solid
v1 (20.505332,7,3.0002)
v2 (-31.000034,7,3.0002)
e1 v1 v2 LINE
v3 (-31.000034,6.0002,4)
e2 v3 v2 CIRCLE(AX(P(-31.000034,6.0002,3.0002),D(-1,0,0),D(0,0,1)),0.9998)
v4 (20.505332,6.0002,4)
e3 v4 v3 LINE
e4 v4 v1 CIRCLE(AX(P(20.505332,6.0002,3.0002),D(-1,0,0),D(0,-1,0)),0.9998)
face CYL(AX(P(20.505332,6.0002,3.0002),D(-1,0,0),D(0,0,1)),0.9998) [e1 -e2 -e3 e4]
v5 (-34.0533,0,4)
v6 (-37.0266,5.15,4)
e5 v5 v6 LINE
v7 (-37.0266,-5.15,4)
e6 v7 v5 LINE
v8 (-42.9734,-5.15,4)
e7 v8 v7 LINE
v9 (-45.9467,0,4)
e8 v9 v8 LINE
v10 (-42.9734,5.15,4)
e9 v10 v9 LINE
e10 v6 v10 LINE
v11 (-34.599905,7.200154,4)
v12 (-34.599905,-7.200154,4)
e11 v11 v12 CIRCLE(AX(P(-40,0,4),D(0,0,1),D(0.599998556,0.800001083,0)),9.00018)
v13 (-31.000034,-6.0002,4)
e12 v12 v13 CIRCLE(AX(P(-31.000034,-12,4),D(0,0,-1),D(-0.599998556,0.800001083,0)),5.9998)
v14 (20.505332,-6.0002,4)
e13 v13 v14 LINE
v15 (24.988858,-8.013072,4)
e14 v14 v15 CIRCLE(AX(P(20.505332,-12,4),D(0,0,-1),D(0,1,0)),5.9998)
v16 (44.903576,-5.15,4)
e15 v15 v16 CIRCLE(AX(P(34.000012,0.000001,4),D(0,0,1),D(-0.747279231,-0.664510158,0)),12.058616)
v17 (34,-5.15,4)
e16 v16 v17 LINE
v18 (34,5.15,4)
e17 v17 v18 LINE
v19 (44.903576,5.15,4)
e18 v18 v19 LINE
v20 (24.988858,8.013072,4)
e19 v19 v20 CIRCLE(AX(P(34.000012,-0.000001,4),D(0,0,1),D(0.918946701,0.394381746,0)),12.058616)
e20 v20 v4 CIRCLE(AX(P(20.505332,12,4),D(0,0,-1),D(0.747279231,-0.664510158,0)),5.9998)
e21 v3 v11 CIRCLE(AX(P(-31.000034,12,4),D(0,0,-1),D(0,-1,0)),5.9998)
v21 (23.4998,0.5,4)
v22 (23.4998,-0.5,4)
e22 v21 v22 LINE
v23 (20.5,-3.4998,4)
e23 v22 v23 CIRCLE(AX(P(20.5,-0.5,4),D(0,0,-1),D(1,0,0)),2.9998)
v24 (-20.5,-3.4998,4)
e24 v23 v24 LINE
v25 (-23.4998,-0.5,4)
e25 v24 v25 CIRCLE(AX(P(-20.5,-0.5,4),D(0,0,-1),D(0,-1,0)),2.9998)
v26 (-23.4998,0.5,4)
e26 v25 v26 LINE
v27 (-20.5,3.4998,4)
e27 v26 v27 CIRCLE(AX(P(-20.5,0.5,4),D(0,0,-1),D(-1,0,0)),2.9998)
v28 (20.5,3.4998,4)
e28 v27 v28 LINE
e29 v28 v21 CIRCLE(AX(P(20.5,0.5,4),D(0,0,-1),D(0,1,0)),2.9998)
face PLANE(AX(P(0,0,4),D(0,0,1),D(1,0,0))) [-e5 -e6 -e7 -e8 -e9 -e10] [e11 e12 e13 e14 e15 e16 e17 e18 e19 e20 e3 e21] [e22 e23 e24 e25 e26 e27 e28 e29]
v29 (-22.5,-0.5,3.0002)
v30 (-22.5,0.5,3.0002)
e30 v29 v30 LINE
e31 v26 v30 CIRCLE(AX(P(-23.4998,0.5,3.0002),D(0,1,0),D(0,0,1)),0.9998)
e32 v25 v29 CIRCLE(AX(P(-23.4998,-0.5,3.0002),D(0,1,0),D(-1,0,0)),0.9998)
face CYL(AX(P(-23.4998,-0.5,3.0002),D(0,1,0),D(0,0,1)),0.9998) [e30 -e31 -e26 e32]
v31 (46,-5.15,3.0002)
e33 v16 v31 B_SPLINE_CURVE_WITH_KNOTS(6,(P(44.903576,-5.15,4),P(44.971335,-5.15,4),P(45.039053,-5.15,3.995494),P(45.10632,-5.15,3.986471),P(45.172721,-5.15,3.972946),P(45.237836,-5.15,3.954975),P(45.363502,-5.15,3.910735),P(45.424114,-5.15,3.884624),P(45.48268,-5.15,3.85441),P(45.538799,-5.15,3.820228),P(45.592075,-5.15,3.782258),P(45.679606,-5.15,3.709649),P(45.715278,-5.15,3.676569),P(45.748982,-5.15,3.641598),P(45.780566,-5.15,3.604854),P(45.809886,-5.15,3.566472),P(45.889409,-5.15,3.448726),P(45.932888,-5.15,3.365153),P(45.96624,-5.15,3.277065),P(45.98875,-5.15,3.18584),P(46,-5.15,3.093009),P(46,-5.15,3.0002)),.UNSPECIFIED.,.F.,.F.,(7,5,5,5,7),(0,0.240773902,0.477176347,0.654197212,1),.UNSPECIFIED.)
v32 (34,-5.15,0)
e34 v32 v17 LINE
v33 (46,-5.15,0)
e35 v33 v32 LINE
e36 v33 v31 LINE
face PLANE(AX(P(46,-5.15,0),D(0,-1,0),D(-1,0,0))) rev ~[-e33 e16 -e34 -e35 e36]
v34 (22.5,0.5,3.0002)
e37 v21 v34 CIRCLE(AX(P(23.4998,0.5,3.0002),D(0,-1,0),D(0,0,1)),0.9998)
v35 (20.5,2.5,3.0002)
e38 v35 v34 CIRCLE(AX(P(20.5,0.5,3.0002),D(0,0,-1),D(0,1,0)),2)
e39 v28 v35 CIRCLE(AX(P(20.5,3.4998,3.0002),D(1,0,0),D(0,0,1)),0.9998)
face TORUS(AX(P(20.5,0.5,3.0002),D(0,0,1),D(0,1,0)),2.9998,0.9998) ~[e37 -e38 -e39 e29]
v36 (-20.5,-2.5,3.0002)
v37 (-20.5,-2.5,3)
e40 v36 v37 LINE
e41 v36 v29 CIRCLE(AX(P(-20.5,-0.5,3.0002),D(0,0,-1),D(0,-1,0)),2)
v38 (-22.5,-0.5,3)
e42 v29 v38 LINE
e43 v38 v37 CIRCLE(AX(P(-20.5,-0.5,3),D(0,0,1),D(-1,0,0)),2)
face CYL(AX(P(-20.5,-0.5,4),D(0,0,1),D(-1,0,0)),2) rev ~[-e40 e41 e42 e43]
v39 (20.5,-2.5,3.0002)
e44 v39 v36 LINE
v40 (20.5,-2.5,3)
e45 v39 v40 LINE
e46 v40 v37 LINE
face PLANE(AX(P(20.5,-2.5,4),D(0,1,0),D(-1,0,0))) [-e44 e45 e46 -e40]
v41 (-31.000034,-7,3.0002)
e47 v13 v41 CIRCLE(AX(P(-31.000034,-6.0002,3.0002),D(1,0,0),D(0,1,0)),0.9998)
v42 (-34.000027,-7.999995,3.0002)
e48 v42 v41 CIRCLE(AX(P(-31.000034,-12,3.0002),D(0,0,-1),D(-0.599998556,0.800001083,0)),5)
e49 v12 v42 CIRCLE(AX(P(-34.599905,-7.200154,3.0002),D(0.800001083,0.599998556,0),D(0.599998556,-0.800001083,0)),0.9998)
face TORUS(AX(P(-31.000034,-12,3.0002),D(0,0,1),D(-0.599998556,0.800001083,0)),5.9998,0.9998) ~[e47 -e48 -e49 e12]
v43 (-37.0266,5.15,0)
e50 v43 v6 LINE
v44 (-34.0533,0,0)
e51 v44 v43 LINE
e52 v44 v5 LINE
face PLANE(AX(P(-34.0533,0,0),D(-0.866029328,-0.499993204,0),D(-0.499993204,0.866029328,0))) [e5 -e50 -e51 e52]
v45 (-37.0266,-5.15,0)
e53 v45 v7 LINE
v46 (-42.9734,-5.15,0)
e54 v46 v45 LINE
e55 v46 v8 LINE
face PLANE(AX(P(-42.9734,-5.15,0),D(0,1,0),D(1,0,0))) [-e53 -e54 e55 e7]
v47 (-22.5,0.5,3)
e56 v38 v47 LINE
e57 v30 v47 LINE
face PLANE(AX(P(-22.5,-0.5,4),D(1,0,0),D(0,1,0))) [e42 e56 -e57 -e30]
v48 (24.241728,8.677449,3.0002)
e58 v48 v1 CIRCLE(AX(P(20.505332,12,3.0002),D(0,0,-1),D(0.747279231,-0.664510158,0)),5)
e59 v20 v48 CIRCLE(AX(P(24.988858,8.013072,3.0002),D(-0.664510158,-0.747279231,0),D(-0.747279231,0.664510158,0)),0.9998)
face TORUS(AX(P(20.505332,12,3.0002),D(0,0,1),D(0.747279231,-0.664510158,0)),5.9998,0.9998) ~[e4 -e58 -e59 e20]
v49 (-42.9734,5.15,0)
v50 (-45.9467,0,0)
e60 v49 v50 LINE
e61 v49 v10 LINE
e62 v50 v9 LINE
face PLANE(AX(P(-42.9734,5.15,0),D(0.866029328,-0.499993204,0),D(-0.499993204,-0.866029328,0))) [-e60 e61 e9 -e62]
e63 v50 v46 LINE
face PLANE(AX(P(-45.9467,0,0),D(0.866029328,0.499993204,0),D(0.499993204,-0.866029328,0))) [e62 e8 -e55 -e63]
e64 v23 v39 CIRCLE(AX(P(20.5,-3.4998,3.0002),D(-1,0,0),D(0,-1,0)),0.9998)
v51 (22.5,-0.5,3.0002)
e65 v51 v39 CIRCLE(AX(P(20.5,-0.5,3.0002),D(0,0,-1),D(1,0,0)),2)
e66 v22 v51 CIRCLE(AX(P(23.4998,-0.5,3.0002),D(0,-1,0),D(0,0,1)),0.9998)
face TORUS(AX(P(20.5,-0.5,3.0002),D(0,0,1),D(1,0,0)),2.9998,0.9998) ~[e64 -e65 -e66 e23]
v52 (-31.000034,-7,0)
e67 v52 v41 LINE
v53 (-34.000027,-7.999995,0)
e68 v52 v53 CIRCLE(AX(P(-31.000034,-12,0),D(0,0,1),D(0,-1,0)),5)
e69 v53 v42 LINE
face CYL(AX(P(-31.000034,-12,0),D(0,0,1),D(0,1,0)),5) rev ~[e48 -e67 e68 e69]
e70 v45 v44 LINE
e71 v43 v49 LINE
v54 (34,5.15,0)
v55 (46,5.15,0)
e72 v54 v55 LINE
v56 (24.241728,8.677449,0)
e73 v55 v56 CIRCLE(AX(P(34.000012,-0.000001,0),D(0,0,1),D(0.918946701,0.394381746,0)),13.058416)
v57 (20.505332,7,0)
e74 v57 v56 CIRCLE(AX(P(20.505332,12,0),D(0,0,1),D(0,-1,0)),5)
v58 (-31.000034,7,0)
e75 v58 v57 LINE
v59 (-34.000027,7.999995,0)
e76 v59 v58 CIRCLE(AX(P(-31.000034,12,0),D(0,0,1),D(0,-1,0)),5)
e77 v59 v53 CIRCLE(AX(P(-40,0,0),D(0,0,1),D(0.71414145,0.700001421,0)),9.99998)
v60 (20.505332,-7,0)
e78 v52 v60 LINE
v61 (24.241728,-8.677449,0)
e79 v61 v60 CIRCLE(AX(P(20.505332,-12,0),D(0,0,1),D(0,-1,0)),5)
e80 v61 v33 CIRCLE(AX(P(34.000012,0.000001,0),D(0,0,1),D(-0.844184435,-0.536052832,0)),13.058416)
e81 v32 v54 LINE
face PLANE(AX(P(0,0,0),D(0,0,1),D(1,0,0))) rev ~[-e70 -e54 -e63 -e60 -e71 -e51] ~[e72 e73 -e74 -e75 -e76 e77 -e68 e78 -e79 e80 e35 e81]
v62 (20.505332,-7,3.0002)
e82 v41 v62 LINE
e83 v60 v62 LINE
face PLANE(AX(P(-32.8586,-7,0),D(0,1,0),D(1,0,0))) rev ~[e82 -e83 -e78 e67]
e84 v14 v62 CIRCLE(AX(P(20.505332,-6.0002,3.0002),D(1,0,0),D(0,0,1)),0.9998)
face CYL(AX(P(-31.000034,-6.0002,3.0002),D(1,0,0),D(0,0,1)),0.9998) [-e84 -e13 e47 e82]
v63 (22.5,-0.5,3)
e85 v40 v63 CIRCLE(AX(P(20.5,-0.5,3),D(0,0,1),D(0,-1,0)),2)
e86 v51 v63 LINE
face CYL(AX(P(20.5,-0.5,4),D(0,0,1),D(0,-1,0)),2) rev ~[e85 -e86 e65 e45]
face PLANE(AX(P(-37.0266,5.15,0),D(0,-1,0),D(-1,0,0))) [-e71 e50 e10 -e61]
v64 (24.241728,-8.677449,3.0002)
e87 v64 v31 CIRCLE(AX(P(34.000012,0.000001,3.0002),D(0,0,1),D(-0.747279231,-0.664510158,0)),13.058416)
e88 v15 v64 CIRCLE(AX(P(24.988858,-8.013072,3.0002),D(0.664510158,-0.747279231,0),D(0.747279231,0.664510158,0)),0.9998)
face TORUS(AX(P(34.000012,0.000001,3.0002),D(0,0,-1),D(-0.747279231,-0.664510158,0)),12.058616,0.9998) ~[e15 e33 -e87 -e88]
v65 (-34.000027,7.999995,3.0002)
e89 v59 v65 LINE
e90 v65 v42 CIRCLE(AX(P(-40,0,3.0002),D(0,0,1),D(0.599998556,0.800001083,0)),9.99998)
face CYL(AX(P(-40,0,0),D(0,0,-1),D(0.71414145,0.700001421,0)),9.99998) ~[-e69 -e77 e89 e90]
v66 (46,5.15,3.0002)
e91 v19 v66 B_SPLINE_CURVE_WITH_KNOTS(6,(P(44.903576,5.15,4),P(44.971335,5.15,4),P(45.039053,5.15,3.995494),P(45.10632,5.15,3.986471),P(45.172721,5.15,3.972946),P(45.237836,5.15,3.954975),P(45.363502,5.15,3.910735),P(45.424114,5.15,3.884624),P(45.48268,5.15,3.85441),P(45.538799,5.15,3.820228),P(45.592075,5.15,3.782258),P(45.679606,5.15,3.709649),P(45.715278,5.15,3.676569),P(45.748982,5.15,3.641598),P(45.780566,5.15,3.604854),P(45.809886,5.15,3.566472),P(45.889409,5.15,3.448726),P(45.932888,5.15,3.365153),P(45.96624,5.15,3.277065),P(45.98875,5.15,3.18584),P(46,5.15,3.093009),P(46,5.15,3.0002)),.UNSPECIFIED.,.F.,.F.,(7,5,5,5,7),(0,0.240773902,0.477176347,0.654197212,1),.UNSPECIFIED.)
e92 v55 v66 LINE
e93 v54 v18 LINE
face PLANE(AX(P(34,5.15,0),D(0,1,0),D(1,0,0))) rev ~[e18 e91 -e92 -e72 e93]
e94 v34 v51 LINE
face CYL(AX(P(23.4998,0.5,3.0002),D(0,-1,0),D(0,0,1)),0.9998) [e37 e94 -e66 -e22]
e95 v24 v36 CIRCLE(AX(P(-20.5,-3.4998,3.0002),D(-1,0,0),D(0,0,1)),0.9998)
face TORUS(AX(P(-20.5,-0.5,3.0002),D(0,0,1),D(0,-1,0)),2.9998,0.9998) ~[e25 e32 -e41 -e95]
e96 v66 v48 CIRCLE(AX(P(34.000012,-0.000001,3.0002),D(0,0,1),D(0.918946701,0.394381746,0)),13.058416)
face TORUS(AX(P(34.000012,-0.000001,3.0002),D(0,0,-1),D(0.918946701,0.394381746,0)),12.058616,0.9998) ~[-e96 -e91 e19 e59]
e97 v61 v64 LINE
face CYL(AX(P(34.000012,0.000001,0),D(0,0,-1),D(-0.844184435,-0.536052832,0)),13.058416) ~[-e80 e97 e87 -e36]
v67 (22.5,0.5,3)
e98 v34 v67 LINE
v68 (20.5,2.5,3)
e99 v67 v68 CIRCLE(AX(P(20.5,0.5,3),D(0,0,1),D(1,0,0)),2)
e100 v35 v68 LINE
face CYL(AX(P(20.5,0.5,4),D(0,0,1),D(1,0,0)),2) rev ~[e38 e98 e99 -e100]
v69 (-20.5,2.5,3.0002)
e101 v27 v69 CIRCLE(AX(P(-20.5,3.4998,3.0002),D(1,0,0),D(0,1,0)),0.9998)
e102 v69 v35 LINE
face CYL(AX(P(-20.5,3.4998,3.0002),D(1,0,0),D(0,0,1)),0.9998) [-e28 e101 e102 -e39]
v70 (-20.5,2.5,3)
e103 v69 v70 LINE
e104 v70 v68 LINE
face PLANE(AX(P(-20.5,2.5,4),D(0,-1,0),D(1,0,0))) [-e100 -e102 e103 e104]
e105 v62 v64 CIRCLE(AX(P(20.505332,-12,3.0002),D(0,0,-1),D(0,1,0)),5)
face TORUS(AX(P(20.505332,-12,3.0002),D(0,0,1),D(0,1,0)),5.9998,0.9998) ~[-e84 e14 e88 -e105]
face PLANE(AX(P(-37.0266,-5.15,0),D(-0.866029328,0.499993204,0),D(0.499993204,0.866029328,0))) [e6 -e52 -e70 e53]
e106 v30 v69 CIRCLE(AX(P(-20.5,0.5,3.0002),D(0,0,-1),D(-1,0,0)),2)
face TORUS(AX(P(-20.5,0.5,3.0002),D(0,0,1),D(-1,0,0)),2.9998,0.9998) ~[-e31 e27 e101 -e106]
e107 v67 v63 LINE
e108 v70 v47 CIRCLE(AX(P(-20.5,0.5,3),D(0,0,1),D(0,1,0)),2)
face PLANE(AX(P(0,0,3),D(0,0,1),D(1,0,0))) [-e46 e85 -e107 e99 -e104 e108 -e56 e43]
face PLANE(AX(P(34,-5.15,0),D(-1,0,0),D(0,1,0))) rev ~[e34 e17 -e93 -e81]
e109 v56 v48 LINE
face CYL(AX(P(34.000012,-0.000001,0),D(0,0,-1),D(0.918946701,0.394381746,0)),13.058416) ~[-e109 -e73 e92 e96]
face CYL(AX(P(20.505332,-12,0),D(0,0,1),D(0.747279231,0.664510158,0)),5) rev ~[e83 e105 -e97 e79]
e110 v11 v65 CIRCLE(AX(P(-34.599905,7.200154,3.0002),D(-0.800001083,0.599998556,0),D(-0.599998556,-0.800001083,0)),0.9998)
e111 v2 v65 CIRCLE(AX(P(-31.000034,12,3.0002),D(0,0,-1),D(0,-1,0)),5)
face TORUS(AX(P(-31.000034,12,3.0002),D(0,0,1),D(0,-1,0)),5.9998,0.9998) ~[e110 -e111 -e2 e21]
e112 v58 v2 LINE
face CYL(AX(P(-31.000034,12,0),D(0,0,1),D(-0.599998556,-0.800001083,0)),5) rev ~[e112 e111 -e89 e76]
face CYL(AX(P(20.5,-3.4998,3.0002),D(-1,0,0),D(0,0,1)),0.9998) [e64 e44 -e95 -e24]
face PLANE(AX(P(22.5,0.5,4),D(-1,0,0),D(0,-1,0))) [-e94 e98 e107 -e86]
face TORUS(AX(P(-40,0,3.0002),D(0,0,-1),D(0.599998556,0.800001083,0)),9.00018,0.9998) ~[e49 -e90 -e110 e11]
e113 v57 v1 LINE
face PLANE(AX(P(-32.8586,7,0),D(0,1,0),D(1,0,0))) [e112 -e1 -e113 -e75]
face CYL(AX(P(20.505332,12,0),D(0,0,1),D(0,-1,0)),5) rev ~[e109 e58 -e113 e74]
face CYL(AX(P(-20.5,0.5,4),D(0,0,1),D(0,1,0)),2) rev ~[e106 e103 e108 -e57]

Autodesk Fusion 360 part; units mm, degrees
sketch "Sketch1" plane through (0, 0, 0) normal (0, 0, 1) x (1, 0, 0)
  line L0 (-37.0266, -5.15) -> (-34.0533, 0)
  line L1 (-34.0533, 0) -> (-37.0266, 5.15)
  line L2 (-37.0266, 5.15) -> (-42.9734, 5.15)
  line L3 (-42.9734, 5.15) -> (-45.9467, 0)
  line L4 (-45.9467, 0) -> (-42.9734, -5.15)
  line L5 (-42.9734, -5.15) -> (-37.0266, -5.15)
  line L6 (46, -5.15) -> (34, -5.15)
  line L7 (34, -5.15) -> (34, 5.15)
  line L8 (34, 5.15) -> (46, 5.15)
  line L9 (46, -5.15) -> (34, 5.15) construction
  line L10 (34, -5.15) -> (46, 5.15) construction
  line L11 (-32.8586, 7) -> (22.9763, 7)
  line L12 (-32.8586, -7) -> (22.9763, -7)
  arc A0 (-32.8586, 7) -> (-32.8586, -7) centre (-40, 0) ccw
  arc A1 (22.9763, -7) -> (46, -5.15) centre (34, 0) ccw
  arc A2 (46, 5.15) -> (22.9763, 7) centre (34, 0) ccw
  point P0 (-40, 0)
  point P1 (40, 0)
  dimension "d1" = 80
  dimension "d2" = 5.15
  dimension "d3" = 20
  dimension "d4" = 12
  dimension "d5" = 10.3
extrude "Extrude1" add sketch "Sketch1" along normal blind 4
fillet "Fillet1" radius 5 4 edges at (-32.8586, 7, 2) (22.9763, 7, 2) (22.9763, -7, 2) (-32.8586, -7, 2)
sketch "Sketch2" plane through (0, 0, 4) normal (0, 0, 1) x (1, 0, 0)
  line L0 (-37.0266, -5.15) -> (-42.9734, -5.15)
  line L1 (-42.9734, -5.15) -> (-45.9467, 0)
  line L2 (-45.9467, 0) -> (-42.9734, 5.15)
  line L3 (-42.9734, 5.15) -> (-37.0266, 5.15)
  line L4 (-37.0266, 5.15) -> (-34.0533, 0)
  line L5 (-34.0533, 0) -> (-37.0266, -5.15)
  arc A0 (-34, 8) -> (-34, -8) centre (-40, 0) ccw
  arc A1 (-31, -7) -> (-34, -8) centre (-31, -12) ccw
  line L6 (-31, -7) -> (20.5053, -7)
  arc A2 (24.2417, -8.6775) -> (20.5053, -7) centre (20.5053, -12) ccw
  arc A3 (24.2417, -8.6775) -> (46, -5.15) centre (34, 0) ccw
  line L7 (46, -5.15) -> (34, -5.15)
  line L8 (34, -5.15) -> (34, 5.15)
  line L9 (34, 5.15) -> (46, 5.15)
  arc A4 (46, 5.15) -> (24.2417, 8.6775) centre (34, 0) ccw
  arc A5 (20.5053, 7) -> (24.2417, 8.6775) centre (20.5053, 12) ccw
  line L10 (20.5053, 7) -> (-31, 7)
  arc A6 (-34, 8) -> (-31, 7) centre (-31, 12) ccw
  line L11 (20.5, -2.5) -> (-20.5, -2.5)
  line L12 (-22.5, -0.5) -> (-22.5, 0.5)
  line L13 (-20.5, 2.5) -> (20.5, 2.5)
  line L14 (22.5, 0.5) -> (22.5, -0.5)
  line L15 (22.5, -2.5) -> (-22.5, 2.5) construction
  line L16 (-22.5, -2.5) -> (22.5, 2.5) construction
  arc A7 (-20.5, 2.5) -> (-22.5, 0.5) centre (-20.5, 0.5) ccw
  arc A8 (-22.5, -0.5) -> (-20.5, -2.5) centre (-20.5, -0.5) ccw
  arc A9 (22.5, 0.5) -> (20.5, 2.5) centre (20.5, 0.5) ccw
  arc A10 (20.5, -2.5) -> (22.5, -0.5) centre (20.5, -0.5) ccw
  dimension "d12" = 45
  dimension "d13" = 5
  dimension "d14" = 2
extrude "Extrude2" cut sketch "Sketch2" against normal blind 1 contours L11 L12 L13 L14 A7 A8 A9 A10
fillet "Fillet2" radius 1 17 edges at (22.5, 0, 4) (21.9142, -1.9142, 4) (0, -2.5, 4) (-21.9142, -1.9142, 4) (-22.5, 0, 4) (-21.9142, 1.9142, 4) (0, 2.5, 4) (21.9142, 1.9142, 4) (36.0897, 12.8901, 4) (22.5531, 7.4386, 4) (-5.2473, 7, 4) (-32.5811, 7.2566, 4) (-50, 0, 4) (-32.5811, -7.2566, 4) (-5.2473, -7, 4) (22.5531, -7.4386, 4) (36.0897, -12.8901, 4)
